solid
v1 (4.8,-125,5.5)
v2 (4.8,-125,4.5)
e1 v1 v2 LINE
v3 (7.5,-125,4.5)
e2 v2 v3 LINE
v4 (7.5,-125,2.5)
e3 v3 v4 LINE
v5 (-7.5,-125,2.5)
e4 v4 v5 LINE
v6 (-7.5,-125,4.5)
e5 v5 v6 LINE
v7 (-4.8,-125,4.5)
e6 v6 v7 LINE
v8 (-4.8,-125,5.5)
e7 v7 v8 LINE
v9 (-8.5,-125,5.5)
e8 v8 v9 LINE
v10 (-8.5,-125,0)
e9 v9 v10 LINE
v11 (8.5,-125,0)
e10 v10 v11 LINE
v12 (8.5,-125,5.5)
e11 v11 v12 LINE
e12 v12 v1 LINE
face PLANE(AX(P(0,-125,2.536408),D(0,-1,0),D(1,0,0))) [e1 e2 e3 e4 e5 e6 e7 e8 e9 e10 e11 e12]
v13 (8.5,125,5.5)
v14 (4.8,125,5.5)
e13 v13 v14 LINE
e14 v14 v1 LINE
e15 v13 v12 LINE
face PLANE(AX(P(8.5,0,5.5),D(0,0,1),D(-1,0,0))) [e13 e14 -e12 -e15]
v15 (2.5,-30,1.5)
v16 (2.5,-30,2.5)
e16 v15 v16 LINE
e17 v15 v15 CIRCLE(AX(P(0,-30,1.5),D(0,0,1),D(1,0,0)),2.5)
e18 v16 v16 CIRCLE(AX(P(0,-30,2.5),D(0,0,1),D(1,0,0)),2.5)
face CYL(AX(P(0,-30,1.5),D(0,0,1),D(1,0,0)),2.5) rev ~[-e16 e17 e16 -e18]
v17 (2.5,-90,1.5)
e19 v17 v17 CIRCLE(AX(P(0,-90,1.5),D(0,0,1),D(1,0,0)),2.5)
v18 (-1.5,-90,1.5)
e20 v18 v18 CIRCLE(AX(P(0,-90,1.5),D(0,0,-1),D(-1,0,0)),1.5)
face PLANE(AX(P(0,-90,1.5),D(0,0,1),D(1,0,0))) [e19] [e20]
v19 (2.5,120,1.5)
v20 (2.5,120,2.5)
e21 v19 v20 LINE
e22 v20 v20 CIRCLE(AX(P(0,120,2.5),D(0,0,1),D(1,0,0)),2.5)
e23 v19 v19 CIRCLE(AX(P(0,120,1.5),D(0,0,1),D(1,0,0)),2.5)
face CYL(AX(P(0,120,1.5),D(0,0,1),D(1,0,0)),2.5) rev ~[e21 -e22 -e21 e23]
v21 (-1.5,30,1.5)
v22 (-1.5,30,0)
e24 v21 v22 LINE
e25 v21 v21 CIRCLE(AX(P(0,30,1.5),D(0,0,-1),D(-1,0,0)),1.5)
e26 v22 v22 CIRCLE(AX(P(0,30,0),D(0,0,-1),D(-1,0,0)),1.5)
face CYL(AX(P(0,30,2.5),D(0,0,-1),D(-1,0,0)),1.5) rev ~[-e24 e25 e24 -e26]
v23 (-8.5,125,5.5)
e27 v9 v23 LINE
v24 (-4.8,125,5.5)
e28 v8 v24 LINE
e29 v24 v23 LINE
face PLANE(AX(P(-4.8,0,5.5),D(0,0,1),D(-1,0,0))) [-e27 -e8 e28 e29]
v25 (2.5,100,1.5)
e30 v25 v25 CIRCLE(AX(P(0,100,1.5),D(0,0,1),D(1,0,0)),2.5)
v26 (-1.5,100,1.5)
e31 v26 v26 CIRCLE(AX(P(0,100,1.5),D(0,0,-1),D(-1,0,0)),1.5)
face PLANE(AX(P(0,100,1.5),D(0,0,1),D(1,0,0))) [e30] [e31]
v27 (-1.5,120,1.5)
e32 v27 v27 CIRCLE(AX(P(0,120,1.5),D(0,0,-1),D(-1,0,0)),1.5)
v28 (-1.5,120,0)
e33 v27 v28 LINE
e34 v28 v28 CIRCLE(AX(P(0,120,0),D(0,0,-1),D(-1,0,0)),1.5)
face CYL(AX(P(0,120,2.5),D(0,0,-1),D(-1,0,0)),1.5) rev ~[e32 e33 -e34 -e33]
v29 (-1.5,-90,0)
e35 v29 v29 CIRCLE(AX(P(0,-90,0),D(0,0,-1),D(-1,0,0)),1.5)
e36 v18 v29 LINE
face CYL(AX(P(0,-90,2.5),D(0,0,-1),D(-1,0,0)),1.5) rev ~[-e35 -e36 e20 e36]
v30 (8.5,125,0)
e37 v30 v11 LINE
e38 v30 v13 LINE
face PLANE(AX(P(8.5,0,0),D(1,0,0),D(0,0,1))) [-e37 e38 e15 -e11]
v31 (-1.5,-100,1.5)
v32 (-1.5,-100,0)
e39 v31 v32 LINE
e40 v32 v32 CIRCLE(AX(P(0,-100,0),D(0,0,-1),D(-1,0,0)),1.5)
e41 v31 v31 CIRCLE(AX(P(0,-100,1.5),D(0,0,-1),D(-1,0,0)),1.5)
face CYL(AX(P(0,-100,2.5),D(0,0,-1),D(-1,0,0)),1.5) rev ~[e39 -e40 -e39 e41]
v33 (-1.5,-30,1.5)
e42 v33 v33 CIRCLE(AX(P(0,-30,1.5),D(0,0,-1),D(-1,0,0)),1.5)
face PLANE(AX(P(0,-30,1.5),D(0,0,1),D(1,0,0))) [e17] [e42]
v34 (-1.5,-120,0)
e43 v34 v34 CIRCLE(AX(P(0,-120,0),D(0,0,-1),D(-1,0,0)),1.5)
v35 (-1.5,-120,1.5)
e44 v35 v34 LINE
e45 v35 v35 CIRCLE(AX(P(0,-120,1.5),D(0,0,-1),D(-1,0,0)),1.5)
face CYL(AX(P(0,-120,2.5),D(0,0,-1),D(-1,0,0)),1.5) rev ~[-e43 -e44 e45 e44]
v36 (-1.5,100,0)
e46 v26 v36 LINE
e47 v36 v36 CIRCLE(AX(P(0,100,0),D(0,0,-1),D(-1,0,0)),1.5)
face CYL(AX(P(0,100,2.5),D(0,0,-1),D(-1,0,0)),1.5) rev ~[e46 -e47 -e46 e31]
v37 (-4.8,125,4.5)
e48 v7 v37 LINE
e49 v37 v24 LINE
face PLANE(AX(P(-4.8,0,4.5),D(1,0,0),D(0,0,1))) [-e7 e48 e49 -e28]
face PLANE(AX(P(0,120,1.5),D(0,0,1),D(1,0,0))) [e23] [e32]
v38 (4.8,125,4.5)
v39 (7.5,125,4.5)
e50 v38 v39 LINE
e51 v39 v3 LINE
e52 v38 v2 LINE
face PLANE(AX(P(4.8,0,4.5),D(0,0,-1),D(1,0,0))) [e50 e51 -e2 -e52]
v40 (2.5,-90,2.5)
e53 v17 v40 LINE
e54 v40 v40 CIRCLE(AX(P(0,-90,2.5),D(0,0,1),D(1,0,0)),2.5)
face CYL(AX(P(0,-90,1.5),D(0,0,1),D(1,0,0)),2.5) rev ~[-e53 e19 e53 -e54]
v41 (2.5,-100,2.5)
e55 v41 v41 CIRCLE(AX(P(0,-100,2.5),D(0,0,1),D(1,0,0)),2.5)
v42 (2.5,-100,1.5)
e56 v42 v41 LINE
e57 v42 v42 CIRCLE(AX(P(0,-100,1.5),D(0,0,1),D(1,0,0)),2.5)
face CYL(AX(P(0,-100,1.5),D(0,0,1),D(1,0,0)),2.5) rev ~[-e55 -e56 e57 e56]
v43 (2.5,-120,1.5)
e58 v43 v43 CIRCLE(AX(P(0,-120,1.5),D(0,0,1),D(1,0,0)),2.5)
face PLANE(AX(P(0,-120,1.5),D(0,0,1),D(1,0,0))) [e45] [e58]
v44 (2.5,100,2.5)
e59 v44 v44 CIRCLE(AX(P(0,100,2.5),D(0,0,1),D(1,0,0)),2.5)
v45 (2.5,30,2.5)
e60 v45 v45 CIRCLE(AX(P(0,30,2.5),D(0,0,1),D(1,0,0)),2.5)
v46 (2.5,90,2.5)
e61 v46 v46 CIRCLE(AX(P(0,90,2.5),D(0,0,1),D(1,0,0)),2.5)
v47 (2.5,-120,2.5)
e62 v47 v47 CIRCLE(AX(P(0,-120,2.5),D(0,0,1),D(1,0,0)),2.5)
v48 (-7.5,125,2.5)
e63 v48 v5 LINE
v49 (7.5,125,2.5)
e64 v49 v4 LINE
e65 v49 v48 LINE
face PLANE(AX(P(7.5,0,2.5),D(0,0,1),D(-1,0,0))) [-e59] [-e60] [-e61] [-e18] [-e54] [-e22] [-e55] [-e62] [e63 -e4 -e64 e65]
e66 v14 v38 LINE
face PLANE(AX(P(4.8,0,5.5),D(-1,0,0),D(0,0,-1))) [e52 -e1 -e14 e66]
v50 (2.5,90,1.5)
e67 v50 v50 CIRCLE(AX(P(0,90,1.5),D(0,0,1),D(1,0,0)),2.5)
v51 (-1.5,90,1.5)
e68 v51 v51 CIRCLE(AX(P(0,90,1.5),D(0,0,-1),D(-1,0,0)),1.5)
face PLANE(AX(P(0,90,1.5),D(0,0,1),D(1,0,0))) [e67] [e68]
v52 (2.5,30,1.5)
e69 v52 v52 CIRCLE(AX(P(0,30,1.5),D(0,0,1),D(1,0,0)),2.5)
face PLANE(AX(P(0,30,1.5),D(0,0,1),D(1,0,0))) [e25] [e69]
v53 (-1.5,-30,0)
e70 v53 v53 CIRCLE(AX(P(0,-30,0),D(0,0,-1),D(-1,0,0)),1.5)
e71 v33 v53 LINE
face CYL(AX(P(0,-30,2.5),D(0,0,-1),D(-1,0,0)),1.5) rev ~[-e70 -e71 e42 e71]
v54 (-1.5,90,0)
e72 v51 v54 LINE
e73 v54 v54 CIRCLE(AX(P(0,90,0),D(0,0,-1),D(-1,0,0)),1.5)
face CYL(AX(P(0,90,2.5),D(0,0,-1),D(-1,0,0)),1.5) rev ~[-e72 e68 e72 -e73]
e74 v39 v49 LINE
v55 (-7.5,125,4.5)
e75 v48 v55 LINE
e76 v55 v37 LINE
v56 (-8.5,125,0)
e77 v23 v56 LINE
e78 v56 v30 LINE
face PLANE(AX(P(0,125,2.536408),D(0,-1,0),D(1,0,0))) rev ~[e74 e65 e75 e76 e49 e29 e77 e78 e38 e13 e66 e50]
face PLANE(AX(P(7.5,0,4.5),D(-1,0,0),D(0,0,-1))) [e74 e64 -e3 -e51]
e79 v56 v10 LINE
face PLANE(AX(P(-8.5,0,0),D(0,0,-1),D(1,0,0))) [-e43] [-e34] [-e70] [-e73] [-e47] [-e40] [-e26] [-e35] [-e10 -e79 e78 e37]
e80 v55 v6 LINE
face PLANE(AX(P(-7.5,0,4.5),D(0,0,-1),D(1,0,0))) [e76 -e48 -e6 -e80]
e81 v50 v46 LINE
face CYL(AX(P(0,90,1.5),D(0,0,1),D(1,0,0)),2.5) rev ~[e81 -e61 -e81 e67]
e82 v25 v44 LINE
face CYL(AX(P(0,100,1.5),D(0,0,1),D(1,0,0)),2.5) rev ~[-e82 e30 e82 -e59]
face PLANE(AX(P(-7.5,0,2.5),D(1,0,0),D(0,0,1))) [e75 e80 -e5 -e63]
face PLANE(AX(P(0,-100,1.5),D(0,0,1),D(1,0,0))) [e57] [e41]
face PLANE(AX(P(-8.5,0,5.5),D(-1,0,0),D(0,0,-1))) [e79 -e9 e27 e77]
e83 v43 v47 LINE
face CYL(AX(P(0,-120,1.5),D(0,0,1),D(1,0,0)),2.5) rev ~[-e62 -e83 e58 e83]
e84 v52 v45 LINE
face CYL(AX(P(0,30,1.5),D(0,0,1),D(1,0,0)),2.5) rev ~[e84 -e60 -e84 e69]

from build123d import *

# Parameters (mm, degrees)
F1_DEPTH       = 125
F1_DEPTH_BACK  = 125
F3_D           = 3
F3_CBORE_D     = 5
F3_CBORE_DEPTH = 1


with BuildPart() as f1:
    # F0 (on Front) → F1 (new body, two sides)
    with BuildSketch(Plane.XZ) as f1_sk:
        Polygon((-8.5, 5.5), (-8.5, 0), (8.5, 0), (8.5, 5.5), (4.8, 5.5), (4.8, 4.5), (7.5, 4.5), (7.5, 2.5), (-7.5, 2.5), (-7.5, 4.5), (-4.8, 4.5), (-4.8, 5.5), align=None)
    extrude(amount=F1_DEPTH)
    extrude(f1_sk.sketch, amount=-F1_DEPTH_BACK)

    # F3 (through all)
    with Locations(Plane.XY.offset(2.5)):
        with Locations((0, -90), (0, -30), (0, 30), (0, 90), (0, 120), (0, 100), (0, -120), (0, -100)):
            CounterBoreHole(F3_D / 2, F3_CBORE_D / 2, F3_CBORE_DEPTH)


solid = f1.part
